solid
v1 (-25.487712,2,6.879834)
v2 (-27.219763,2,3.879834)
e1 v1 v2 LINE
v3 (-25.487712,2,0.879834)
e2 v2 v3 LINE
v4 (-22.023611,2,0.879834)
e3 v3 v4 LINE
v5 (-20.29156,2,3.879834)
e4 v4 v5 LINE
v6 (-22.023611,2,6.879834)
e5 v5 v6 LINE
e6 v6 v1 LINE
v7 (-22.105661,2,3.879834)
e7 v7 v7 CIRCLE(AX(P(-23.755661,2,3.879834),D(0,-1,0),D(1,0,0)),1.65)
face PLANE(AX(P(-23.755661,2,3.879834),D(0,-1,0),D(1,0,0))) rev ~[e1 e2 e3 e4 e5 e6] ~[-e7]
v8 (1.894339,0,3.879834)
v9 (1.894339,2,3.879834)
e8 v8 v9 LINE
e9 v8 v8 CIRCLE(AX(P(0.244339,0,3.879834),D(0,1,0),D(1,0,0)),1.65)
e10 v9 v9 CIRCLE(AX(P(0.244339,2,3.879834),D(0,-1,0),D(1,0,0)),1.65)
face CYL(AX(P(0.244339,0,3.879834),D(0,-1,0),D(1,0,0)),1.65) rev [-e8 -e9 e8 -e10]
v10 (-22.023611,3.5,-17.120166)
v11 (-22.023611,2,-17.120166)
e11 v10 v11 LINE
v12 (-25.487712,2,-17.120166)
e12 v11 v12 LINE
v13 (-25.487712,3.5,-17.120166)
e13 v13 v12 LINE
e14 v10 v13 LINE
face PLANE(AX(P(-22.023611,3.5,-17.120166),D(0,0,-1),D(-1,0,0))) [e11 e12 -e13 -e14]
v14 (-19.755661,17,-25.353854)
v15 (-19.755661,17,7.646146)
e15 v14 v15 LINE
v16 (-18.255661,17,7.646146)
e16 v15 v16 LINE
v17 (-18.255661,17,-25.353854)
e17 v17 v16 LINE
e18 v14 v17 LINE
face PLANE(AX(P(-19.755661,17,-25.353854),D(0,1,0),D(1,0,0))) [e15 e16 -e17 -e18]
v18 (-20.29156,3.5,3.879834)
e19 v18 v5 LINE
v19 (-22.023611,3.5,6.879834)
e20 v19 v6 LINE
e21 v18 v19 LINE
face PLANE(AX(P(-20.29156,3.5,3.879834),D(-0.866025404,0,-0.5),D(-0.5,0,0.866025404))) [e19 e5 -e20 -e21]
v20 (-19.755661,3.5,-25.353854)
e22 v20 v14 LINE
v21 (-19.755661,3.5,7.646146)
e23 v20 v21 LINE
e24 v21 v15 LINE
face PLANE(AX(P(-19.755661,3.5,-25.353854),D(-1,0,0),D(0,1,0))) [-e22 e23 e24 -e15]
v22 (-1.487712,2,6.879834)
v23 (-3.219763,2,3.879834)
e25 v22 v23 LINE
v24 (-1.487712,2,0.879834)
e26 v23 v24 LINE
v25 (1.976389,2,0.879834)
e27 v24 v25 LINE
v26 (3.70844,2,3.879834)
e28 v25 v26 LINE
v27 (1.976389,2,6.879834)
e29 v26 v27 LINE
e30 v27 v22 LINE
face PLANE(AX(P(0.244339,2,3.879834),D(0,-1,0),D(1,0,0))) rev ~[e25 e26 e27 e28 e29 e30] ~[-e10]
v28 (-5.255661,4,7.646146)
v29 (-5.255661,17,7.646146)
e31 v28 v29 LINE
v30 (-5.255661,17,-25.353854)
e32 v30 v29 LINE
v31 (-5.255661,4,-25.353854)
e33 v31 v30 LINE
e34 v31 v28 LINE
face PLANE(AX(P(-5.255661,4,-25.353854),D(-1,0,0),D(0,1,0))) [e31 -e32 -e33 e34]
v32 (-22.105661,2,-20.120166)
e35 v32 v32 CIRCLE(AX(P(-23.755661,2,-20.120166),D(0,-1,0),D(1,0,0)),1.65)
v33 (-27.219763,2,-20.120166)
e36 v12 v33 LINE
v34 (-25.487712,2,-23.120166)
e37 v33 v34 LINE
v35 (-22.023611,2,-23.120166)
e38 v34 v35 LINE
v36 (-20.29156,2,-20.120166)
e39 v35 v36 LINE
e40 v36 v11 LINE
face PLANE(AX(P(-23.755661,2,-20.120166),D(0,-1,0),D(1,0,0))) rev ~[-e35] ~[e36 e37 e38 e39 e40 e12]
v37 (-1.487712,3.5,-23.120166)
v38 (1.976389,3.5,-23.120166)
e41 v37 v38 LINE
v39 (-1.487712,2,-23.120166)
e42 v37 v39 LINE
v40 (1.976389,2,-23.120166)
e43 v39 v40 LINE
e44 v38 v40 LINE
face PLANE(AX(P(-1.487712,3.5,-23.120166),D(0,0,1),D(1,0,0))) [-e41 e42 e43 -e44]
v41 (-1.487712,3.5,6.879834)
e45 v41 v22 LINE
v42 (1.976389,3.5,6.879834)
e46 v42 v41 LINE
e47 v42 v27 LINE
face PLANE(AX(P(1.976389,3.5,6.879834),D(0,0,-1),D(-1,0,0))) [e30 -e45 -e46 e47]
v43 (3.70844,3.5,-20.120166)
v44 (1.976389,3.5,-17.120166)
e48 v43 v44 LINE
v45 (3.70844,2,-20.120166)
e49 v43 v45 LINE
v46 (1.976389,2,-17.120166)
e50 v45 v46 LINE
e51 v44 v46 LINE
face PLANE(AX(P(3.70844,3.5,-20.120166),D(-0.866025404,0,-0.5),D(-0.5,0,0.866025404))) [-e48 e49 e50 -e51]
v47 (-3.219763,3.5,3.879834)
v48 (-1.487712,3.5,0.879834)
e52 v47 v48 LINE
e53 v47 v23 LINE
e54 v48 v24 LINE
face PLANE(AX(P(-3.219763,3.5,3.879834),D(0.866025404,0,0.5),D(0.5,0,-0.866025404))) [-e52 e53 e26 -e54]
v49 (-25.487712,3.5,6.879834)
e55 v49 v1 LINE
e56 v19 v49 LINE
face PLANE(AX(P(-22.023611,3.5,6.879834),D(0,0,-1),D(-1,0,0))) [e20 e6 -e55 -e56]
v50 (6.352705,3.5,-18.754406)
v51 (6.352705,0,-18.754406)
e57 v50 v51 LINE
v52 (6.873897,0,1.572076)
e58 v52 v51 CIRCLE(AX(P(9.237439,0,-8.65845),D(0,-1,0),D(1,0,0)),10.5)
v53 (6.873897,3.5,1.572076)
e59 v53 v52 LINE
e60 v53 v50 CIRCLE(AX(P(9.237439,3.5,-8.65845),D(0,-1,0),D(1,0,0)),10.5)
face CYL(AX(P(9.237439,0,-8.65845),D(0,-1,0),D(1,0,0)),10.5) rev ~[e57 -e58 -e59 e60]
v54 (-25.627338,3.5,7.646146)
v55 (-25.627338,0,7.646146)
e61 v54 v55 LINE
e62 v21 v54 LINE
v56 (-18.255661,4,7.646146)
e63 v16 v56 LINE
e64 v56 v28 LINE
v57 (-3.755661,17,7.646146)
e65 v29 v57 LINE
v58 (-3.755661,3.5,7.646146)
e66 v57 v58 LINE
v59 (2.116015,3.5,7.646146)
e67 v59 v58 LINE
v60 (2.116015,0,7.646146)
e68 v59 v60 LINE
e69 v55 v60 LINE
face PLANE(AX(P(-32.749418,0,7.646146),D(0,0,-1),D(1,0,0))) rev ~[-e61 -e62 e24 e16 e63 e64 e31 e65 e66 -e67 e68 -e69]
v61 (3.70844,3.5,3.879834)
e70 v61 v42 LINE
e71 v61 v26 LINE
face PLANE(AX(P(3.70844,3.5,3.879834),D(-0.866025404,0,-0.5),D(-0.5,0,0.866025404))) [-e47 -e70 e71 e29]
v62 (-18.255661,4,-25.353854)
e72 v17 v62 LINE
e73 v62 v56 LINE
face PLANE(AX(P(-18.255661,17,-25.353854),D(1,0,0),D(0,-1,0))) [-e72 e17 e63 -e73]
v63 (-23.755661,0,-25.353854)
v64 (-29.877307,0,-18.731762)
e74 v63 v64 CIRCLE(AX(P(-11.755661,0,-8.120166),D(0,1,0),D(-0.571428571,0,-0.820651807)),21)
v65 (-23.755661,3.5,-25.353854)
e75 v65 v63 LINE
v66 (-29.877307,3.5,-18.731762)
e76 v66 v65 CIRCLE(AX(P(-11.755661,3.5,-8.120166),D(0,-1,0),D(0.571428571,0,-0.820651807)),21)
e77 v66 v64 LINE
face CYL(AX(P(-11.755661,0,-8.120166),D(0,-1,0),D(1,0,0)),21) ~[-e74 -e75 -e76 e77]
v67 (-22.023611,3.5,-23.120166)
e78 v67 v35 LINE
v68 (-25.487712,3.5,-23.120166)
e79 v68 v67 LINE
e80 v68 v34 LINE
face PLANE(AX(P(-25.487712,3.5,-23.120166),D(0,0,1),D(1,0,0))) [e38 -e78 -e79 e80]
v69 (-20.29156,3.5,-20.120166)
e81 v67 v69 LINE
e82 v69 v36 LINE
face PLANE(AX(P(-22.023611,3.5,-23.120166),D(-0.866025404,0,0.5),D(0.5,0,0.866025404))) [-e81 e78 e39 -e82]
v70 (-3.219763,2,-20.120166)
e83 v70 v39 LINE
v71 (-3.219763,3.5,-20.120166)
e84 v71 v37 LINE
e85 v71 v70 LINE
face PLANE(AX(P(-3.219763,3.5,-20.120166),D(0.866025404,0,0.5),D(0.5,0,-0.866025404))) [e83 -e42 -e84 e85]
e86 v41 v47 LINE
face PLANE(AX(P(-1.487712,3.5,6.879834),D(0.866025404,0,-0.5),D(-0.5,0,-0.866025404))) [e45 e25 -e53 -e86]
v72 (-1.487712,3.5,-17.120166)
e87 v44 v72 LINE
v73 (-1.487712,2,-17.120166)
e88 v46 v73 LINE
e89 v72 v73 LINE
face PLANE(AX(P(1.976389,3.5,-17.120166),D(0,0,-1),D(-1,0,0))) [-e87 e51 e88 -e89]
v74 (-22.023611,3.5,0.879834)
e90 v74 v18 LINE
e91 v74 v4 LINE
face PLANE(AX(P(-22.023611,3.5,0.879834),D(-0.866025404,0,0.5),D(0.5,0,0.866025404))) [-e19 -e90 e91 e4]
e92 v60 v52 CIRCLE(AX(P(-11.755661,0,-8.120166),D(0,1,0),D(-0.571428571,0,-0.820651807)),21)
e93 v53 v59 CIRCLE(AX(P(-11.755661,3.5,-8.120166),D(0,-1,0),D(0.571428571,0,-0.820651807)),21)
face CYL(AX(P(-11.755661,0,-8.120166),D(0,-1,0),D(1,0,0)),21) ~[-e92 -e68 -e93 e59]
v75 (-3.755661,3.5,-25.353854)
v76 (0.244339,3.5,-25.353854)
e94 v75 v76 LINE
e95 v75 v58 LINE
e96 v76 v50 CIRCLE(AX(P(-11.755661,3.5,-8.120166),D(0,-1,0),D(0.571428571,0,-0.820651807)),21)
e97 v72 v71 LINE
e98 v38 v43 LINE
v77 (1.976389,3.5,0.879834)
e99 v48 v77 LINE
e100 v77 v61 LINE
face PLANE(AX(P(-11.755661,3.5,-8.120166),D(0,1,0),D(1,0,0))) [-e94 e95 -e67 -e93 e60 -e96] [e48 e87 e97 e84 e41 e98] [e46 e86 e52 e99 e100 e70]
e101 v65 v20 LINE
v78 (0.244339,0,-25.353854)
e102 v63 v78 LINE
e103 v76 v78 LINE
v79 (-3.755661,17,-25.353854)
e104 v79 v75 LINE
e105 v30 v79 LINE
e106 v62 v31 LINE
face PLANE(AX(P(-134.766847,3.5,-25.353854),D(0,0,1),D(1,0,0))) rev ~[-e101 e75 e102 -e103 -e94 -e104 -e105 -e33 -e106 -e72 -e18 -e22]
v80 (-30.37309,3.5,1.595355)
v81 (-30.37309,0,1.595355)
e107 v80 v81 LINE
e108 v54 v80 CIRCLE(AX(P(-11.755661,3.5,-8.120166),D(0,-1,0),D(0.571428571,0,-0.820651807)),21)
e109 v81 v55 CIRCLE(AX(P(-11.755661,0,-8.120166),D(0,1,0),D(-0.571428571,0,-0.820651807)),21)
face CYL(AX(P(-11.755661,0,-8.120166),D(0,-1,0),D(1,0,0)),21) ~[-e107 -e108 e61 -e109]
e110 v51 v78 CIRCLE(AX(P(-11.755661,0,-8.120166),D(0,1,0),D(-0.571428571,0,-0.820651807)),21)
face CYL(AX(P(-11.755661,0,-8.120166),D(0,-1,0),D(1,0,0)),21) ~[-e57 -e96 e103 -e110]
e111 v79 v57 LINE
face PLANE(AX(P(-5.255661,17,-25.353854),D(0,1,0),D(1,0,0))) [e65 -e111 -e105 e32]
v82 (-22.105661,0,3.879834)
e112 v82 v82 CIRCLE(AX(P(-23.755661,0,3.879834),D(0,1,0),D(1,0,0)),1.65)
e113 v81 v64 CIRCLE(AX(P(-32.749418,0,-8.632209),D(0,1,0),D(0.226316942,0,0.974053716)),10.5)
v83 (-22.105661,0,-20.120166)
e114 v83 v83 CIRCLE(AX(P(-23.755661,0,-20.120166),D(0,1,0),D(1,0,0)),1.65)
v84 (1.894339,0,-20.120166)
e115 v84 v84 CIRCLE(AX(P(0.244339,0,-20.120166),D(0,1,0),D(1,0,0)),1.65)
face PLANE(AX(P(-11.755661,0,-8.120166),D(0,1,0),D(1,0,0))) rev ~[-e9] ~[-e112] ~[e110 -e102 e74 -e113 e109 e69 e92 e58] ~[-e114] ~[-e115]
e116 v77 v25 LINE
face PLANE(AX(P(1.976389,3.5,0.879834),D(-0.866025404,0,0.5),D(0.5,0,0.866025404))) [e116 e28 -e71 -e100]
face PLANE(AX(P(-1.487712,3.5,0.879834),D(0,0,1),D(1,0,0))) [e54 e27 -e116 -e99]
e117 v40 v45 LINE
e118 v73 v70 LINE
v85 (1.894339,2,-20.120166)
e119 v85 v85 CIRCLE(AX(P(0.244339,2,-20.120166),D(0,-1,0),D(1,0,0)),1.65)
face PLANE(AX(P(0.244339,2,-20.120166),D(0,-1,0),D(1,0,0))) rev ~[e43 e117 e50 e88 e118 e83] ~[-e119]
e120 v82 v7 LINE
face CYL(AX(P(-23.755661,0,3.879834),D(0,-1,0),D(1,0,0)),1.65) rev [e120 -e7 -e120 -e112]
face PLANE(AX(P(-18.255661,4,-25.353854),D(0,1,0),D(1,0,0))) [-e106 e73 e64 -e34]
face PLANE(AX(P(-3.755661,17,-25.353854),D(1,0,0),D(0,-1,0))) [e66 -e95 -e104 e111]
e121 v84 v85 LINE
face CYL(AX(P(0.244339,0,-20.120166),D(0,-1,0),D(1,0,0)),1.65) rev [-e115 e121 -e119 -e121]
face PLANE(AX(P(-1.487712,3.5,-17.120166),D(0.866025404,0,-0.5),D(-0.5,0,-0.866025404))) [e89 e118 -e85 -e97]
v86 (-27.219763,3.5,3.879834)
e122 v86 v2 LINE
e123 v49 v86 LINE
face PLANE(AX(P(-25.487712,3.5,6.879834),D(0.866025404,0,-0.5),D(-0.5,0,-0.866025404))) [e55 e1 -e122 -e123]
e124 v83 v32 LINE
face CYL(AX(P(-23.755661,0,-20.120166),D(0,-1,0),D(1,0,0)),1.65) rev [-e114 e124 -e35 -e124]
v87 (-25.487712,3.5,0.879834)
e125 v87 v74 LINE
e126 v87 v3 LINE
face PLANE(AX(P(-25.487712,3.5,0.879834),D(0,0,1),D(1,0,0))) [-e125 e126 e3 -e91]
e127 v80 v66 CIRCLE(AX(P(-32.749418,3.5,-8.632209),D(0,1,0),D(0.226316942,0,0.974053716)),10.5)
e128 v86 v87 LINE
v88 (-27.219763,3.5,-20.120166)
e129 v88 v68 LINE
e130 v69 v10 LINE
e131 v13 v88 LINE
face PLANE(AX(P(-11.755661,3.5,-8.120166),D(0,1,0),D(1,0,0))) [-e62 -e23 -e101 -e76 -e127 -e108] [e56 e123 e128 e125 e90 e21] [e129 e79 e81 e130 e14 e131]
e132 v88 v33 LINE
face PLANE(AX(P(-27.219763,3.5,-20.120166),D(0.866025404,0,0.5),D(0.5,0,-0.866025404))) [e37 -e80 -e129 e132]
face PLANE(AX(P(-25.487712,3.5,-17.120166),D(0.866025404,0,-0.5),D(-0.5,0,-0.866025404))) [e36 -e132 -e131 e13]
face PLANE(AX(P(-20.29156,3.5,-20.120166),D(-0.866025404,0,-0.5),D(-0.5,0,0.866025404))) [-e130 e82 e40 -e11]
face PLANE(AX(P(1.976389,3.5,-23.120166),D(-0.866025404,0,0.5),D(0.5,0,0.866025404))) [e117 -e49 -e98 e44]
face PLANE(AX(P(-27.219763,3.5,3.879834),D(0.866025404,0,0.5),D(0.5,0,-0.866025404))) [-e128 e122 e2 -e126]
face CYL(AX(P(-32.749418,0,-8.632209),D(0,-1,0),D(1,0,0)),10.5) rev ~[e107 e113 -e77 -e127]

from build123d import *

# Parameters (mm, degrees)
SKETCH1_R               = 21
SKETCH1_R_2             = 1.65
BOSS_EXTRUDE2_DEPTH     = 3.5
CUT_EXTRUDE1_DEPTH      = 1
CUT_EXTRUDE1_DEPTH_BACK = 4.5
BOSS_EXTRUDE3_DEPTH     = 33
CUT_EXTRUDE2_START      = -3.5
CUT_EXTRUDE2_DEPTH      = 1.5
SKETCH7_R               = 10.5
SKETCH7_W               = 41.986856553
SKETCH7_H               = 9.070253879
CUT_EXTRUDE3_DEPTH      = 18


with BuildPart() as part:
    # Sketch1 → Boss-Extrude2 (new body)
    with BuildSketch(Plane(origin=(0, 0, 0), x_dir=(1, 0, 0), z_dir=(0, 1, 0))):
        with Locations((-11.755661444, 8.120165848)):
            Circle(SKETCH1_R)
        with Locations((-23.755661444, 20.120165848)):
            Circle(SKETCH1_R_2, mode=Mode.SUBTRACT)
        with Locations((0.244338556, 20.120165848)):
            Circle(SKETCH1_R_2, mode=Mode.SUBTRACT)
        with Locations((-23.755661444, -3.879834152)):
            Circle(SKETCH1_R_2, mode=Mode.SUBTRACT)
        with Locations((0.244338556, -3.879834152)):
            Circle(SKETCH1_R_2, mode=Mode.SUBTRACT)
    extrude(amount=BOSS_EXTRUDE2_DEPTH)

    # Sketch3 → Cut-Extrude1 (cut, two sides)
    with BuildSketch(Plane(origin=(0, 3.5, 0), x_dir=(1, 0, 0), z_dir=(0, 1, 0))) as cut_extrude1_sk:
        Polygon((-134.766846833, 25.353853788), (-23.755661444, 25.353853788), (0.244338556, 25.353853788), (111.255523946, 25.353853788), (111.255523946, 247.376224567), (-134.766846833, 247.376224567), align=None)
    extrude(amount=CUT_EXTRUDE1_DEPTH, mode=Mode.SUBTRACT)
    extrude(cut_extrude1_sk.sketch, amount=-CUT_EXTRUDE1_DEPTH_BACK, mode=Mode.SUBTRACT)

    # Sketch4 → Boss-Extrude3 (add)
    with BuildSketch(Plane(origin=(0, 0, -25.353853788), x_dir=(-1, 0, 0), z_dir=(0, 0, -1))):
        Polygon((3.755661444, 13.225065807), (3.755661444, 3.5), (19.755661444, 3.5), (19.755661444, 13.225065807), (19.755661444, 17), (18.255661444, 17), (18.255661444, 4), (5.255661444, 4), (5.255661444, 17), (3.755661444, 17), align=None)
    extrude(amount=-BOSS_EXTRUDE3_DEPTH)

    # Sketch6 → Cut-Extrude2 (cut)
    with BuildSketch(Plane.XZ.offset(CUT_EXTRUDE2_START)):
        Polygon((-22.023610636, -17.120165848), (-25.487712251, -17.120165848), (-27.219763059, -20.120165848), (-25.487712251, -23.120165848), (-22.023610636, -23.120165848), (-20.291559828, -20.120165848), align=None)
        Polygon((-22.023610636, 0.879834152), (-20.291559828, 3.879834152), (-22.023610636, 6.879834152), (-25.487712251, 6.879834152), (-27.219763059, 3.879834152), (-25.487712251, 0.879834152), align=None)
        Polygon((1.976389364, 0.879834152), (3.708440172, 3.879834152), (1.976389364, 6.879834152), (-1.487712251, 6.879834152), (-3.219763059, 3.879834152), (-1.487712251, 0.879834152), align=None)
        Polygon((1.976389364, -17.120165848), (-1.487712251, -17.120165848), (-3.219763059, -20.120165848), (-1.487712251, -23.120165848), (1.976389364, -23.120165848), (3.708440172, -20.120165848), align=None)
    extrude(amount=CUT_EXTRUDE2_DEPTH, mode=Mode.SUBTRACT)

    # Sketch7 → Cut-Extrude3 (cut, through all)
    with BuildSketch(Plane.XZ):
        with Locations((-32.749417947, -8.63220869)):
            Circle(SKETCH7_R)
        with Locations((9.237438606, -8.658450465)):
            Circle(SKETCH7_R)
        with Locations((-11.755989671, 12.181273152)):
            Rectangle(SKETCH7_W, SKETCH7_H)
    extrude(amount=-CUT_EXTRUDE3_DEPTH, mode=Mode.SUBTRACT)


solid = part.part
